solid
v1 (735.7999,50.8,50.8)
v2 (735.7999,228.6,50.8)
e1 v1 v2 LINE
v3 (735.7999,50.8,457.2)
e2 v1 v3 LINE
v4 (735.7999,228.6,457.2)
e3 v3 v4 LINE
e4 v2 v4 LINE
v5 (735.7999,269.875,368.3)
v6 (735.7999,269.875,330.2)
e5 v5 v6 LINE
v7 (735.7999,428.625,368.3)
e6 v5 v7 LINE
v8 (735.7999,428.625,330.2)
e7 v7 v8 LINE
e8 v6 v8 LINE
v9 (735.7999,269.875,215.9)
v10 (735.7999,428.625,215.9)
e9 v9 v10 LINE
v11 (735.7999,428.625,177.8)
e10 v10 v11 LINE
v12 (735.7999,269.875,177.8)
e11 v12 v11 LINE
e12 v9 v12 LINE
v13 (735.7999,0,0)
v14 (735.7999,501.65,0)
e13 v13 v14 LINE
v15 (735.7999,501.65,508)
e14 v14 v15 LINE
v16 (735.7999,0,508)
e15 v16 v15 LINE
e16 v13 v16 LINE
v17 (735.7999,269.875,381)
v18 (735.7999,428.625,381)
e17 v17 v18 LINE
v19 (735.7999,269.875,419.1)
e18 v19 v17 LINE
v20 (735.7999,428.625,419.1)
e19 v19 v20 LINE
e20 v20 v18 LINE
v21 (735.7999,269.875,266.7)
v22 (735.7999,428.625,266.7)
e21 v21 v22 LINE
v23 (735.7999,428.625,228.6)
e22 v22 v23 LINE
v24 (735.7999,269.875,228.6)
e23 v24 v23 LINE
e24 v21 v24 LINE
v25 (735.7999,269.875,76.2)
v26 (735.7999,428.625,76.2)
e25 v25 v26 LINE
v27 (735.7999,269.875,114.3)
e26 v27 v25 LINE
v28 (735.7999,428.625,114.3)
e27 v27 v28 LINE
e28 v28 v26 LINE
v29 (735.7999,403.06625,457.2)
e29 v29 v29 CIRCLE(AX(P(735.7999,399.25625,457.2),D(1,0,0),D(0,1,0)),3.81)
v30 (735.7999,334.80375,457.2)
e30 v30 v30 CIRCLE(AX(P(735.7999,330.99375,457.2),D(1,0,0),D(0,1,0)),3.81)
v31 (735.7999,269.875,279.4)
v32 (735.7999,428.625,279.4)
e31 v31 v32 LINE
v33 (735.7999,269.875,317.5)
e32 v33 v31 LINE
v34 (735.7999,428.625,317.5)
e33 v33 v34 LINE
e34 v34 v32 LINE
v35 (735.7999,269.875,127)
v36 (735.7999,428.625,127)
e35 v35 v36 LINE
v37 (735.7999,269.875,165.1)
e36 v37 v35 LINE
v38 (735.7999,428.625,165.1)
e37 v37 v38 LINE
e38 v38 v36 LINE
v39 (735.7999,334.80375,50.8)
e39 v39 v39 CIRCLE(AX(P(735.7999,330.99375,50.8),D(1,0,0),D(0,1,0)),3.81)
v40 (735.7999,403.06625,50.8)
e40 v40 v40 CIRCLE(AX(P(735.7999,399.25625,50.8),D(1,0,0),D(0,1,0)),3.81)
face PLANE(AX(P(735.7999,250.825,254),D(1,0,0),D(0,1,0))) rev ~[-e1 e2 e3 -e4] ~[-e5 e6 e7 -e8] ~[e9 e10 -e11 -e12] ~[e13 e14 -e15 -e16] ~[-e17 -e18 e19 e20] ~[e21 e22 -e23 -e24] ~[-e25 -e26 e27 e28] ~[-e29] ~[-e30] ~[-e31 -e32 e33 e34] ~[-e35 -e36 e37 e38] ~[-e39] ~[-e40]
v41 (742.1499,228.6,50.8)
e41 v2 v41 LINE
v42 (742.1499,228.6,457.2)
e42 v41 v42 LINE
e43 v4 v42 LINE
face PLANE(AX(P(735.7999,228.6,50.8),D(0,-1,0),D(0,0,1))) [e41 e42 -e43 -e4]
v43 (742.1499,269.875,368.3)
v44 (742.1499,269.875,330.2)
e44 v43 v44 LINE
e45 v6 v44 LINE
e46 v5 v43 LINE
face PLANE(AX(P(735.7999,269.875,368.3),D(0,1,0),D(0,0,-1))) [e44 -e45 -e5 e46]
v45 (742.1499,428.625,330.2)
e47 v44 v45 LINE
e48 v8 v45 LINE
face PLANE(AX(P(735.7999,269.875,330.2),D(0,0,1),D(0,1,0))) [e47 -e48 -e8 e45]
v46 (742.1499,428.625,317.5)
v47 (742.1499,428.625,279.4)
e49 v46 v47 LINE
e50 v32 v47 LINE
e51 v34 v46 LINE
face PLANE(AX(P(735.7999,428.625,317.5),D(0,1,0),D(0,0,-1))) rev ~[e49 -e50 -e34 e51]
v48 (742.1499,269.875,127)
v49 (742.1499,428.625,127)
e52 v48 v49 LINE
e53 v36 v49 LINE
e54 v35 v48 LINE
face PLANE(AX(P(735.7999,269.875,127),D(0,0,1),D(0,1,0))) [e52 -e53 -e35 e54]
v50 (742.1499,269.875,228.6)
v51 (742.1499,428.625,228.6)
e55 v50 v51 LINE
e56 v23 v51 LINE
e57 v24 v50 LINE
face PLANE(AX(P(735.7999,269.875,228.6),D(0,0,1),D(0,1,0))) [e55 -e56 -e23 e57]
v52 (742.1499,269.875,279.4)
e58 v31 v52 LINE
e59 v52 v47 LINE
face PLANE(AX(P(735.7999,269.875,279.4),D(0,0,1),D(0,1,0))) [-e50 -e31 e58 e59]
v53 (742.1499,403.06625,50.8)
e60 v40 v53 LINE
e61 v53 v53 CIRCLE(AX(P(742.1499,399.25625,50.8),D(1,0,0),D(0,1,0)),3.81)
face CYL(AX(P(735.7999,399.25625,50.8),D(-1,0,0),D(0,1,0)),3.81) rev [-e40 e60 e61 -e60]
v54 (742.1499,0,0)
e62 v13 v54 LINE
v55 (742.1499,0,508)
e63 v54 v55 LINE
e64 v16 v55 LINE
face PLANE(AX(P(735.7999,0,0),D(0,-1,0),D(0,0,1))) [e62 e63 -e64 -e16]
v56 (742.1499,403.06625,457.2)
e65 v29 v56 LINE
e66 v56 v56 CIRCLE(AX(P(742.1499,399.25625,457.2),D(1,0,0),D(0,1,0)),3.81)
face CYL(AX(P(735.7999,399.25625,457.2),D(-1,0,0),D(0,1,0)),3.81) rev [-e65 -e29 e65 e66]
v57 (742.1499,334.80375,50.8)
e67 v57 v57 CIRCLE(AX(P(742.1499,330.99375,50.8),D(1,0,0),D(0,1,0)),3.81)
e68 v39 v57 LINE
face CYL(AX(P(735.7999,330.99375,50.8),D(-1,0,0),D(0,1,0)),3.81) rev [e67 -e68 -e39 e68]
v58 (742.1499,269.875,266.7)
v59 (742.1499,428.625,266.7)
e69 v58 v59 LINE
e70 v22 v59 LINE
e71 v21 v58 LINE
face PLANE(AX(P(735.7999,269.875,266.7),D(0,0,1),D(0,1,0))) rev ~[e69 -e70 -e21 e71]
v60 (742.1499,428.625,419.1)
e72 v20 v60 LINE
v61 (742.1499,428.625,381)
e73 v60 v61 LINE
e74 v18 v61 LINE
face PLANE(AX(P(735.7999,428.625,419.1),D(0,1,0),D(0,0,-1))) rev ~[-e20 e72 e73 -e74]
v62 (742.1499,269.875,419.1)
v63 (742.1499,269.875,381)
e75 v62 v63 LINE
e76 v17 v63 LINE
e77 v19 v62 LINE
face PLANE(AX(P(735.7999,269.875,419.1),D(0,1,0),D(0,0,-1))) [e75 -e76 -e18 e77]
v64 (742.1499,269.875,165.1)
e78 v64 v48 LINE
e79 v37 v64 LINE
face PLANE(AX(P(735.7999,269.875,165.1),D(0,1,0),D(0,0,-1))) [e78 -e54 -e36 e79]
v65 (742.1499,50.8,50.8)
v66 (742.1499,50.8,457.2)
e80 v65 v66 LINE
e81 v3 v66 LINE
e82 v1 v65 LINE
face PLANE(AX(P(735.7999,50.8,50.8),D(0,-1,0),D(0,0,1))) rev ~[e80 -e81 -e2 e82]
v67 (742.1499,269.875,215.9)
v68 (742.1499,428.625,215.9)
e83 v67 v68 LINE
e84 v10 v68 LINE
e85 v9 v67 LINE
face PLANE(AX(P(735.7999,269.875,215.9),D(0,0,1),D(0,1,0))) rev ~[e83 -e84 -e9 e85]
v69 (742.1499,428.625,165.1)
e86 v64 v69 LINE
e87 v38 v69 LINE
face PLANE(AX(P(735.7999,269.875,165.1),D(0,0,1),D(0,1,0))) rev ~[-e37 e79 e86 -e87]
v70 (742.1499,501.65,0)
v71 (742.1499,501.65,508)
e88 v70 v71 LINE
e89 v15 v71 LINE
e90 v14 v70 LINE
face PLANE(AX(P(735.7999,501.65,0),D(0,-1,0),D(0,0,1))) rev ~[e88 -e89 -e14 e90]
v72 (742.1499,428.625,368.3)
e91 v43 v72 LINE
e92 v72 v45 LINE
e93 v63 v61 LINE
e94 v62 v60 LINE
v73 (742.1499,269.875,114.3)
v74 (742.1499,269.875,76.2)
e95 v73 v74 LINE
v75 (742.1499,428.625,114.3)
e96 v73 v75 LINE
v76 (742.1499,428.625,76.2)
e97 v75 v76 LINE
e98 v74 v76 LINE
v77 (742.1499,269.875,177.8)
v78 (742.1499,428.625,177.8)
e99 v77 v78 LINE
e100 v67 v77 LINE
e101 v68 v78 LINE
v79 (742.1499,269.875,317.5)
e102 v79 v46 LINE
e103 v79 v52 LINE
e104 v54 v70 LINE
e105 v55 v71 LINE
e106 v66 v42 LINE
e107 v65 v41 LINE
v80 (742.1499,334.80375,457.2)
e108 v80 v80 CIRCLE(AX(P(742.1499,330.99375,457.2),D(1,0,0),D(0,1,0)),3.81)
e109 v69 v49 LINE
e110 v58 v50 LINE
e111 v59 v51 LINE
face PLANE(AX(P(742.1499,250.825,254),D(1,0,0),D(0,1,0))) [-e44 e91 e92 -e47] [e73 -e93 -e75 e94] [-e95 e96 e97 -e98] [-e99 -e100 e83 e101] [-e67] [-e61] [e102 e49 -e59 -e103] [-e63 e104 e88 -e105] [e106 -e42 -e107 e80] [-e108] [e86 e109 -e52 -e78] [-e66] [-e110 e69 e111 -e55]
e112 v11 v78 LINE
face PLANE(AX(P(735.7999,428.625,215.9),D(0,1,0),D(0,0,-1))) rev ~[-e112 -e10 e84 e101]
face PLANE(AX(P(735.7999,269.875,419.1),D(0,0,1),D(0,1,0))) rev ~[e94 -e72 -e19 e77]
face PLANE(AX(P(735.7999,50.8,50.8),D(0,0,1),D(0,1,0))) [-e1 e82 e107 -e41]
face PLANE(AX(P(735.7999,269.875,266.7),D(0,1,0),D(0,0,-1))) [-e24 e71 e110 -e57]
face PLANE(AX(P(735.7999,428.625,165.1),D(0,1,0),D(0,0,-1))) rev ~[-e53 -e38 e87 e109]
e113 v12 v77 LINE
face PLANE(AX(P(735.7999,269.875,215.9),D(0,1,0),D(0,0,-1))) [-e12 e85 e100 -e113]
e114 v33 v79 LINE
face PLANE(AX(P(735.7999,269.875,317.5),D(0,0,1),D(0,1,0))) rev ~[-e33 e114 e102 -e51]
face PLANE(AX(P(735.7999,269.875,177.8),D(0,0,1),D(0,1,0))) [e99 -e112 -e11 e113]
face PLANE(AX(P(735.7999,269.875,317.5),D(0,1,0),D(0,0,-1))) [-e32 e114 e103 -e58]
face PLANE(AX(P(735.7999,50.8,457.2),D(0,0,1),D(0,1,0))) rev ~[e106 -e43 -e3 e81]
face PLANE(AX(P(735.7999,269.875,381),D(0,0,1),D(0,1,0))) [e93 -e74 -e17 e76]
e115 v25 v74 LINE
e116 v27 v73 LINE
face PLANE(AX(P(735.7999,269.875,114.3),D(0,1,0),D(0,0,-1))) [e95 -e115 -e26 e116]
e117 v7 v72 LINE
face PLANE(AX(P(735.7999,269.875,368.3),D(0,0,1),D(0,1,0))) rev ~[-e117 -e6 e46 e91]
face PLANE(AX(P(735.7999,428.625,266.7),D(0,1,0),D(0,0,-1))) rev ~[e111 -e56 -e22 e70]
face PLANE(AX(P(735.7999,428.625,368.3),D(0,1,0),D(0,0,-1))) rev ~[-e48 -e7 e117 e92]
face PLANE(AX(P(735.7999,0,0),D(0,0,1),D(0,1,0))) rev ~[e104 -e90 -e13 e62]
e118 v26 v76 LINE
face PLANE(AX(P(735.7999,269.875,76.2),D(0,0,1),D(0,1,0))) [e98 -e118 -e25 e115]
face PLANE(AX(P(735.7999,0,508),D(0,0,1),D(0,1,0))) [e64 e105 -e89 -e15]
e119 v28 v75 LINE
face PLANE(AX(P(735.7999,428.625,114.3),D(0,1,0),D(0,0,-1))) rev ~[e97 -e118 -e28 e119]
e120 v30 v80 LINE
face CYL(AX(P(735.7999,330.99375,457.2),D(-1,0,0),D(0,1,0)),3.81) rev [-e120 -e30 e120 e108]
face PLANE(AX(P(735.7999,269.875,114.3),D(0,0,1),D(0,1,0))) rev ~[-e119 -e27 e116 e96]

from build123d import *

# Parameters (mm, degrees)
SKETCH001_W              = 501.65
SKETCH001_H              = 508
SKETCH001_R              = 3.81
SKETCH001_W_2            = 177.8
SKETCH001_H_2            = 406.4
PAD007_DEPTH             = 6.35
SKETCH005_W              = 158.75
SKETCH005_H              = 38.1
POCKET_DEPTH             = 6.35
LINEARPATTERN_COUNT      = 7
LINEARPATTERN_PITCH      = 50.8
CLONE070_PLACEMENT_ANGLE = 180


with BuildPart() as part:
    # Sketch001 → Pad007 (new body)
    with BuildSketch(Plane(origin=(914.4, 1422.4, 914.4), x_dir=(0, 1, 0), z_dir=(-1, 0, 0))):
        Rectangle(SKETCH001_W, SKETCH001_H)
        with Locations((80.16875, 203.2)):
            Circle(SKETCH001_R, mode=Mode.SUBTRACT)
        with Locations((148.43125, 203.2)):
            Circle(SKETCH001_R, mode=Mode.SUBTRACT)
        with Locations((80.16875, -203.2)):
            Circle(SKETCH001_R, mode=Mode.SUBTRACT)
        with Locations((148.43125, -203.2)):
            Circle(SKETCH001_R, mode=Mode.SUBTRACT)
        with Locations((-111.125, 0)):
            Rectangle(SKETCH001_W_2, SKETCH001_H_2, mode=Mode.SUBTRACT)
    extrude(amount=PAD007_DEPTH)

    # Sketch005 → Pocket (cut)
    with BuildSketch(Plane(origin=(914.4, 1422.4, 914.4), x_dir=(0, 1, 0), z_dir=(1, 0, 0))):
        with Locations((98.425, 158.75)):
            Rectangle(SKETCH005_W, SKETCH005_H)
    pocket = extrude(amount=-POCKET_DEPTH, mode=Mode.SUBTRACT)

    # LinearPattern: Pocket ×7
    with Locations(*[(0, 0, -i * LINEARPATTERN_PITCH) for i in range(1, LINEARPATTERN_COUNT)]):
        add(pocket, mode=Mode.SUBTRACT)


with BuildPart() as part_1:
    # Clone070 placement: moved
    add(part.part.moved(Location((1650.1999, -1171.575, 1168.4))).rotate(Axis((1650.1999, -1171.575, 1168.4), (0, -1, 0)), CLONE070_PLACEMENT_ANGLE))


solid = part_1.part
